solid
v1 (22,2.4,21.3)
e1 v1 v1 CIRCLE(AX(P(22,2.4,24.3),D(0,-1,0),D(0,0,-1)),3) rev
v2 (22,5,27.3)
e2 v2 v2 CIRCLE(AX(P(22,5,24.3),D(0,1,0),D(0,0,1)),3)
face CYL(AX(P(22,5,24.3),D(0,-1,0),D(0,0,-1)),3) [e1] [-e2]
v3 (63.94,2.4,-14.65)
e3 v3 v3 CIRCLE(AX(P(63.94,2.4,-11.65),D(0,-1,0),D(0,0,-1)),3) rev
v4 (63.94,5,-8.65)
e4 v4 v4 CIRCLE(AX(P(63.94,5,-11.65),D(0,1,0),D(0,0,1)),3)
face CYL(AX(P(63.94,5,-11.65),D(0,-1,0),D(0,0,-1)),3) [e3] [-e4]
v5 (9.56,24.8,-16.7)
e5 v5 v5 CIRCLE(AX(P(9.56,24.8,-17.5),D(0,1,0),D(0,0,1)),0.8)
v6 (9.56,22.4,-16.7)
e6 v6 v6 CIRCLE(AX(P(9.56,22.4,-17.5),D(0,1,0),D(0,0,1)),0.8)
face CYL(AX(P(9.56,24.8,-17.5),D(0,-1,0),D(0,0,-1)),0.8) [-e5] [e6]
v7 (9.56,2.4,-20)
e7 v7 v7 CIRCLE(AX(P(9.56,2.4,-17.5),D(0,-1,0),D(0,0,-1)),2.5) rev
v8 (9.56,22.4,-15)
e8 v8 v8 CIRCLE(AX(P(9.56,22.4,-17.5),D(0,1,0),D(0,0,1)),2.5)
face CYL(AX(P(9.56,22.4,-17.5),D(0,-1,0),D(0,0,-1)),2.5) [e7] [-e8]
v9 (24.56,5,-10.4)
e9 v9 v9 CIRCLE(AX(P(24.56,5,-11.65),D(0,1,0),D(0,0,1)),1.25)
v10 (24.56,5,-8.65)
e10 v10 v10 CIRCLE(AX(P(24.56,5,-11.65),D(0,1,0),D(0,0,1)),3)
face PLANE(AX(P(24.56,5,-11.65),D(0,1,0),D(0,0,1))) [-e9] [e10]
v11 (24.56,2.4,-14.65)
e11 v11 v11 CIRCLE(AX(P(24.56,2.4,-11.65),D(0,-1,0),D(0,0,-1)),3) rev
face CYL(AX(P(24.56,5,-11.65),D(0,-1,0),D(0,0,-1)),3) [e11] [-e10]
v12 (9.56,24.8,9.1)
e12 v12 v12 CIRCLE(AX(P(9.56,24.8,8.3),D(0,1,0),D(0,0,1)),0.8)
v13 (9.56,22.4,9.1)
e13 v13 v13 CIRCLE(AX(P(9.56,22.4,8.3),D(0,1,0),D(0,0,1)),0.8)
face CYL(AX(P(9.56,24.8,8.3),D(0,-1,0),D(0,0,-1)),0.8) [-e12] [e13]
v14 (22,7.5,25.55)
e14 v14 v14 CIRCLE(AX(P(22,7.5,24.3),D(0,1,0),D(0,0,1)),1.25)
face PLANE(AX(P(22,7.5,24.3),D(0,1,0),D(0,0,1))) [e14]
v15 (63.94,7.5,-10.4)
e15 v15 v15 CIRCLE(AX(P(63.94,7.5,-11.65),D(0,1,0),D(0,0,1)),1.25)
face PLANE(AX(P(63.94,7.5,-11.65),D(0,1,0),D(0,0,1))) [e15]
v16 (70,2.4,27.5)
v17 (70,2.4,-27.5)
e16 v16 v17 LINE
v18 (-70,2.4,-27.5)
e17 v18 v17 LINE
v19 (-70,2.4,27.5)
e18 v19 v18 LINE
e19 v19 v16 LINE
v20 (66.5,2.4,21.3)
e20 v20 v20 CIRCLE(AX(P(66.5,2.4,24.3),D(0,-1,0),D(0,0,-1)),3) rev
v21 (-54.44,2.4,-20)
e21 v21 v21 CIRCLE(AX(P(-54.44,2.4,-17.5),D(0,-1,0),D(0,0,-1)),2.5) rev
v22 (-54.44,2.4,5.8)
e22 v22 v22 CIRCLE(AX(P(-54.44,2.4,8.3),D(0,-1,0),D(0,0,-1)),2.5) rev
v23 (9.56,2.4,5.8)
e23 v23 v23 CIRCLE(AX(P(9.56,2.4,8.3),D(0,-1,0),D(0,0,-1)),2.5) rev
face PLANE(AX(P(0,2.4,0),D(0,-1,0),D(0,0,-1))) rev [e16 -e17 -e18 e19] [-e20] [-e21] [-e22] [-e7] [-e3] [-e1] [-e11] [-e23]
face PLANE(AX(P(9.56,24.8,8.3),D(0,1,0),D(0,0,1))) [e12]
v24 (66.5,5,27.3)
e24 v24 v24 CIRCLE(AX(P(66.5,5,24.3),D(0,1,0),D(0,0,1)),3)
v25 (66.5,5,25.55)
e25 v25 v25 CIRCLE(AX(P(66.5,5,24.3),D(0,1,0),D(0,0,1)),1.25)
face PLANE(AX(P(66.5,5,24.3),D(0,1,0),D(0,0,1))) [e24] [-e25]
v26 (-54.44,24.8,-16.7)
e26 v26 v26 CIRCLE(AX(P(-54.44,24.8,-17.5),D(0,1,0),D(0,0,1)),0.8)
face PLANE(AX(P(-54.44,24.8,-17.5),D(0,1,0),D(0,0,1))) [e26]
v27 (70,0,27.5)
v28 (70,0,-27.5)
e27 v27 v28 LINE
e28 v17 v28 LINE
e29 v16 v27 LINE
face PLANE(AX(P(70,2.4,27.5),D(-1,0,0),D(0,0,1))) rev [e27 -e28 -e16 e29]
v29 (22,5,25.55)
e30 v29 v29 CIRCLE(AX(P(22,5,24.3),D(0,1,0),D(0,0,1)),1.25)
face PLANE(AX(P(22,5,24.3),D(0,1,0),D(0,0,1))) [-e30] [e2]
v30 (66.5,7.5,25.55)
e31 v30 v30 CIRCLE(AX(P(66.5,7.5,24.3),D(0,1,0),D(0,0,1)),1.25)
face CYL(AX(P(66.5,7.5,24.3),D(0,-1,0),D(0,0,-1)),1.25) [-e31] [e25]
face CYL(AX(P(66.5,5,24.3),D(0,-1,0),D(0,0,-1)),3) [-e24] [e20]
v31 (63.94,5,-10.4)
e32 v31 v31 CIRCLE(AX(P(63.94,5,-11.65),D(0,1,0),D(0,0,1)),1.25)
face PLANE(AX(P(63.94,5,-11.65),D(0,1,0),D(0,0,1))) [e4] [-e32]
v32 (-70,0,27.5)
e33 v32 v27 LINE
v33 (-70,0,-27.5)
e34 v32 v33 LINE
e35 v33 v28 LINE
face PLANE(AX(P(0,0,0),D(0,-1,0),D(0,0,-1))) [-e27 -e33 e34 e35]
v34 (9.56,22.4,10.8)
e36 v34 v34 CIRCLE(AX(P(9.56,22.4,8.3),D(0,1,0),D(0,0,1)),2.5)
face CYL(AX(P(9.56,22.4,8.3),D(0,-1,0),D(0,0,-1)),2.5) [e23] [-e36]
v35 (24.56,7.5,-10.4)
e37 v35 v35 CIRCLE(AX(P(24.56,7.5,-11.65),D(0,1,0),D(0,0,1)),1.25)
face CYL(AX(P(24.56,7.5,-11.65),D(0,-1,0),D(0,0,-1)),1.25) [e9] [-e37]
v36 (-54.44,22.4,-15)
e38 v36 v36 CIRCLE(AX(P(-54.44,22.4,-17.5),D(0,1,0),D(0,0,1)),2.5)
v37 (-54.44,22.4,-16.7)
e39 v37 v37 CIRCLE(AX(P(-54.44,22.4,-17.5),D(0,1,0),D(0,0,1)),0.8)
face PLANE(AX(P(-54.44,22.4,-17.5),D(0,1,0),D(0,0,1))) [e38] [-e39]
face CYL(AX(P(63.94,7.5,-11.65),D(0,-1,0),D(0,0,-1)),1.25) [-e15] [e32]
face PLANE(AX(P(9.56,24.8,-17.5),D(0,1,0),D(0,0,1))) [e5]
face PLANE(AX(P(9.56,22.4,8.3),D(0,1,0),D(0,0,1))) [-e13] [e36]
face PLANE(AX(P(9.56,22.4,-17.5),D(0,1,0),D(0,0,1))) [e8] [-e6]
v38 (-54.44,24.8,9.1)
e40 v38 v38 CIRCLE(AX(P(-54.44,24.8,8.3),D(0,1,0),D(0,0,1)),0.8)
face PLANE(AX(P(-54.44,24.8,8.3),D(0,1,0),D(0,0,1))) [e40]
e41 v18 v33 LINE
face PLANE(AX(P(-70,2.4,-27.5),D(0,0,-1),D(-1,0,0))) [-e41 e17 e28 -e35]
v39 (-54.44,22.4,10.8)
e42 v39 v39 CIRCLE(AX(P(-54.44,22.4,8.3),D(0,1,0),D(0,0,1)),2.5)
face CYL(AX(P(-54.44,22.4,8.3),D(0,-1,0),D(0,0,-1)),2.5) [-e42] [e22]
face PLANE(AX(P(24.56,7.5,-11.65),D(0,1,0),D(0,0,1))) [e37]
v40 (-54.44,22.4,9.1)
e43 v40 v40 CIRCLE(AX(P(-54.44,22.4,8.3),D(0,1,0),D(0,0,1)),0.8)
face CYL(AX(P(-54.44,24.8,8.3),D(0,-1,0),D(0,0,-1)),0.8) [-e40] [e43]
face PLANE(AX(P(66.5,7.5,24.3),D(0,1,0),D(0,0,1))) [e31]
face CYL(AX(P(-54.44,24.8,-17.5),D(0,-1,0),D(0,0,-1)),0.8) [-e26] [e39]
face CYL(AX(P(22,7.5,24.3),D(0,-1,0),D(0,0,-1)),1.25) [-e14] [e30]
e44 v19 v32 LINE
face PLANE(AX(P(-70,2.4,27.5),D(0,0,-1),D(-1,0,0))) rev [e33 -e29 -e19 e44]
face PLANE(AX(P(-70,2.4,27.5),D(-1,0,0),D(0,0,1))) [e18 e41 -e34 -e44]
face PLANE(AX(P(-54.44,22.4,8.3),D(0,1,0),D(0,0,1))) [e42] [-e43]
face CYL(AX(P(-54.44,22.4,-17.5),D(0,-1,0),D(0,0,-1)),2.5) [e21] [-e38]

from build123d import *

# Parameters (mm, degrees)
SKETCH1_W           = 140
SKETCH1_H           = 55
BOSS_EXTRUDE1_DEPTH = 2.4
SKETCH2_R           = 3
BOSS_EXTRUDE2_DEPTH = 2.6
SKETCH3_R           = 1.25
BOSS_EXTRUDE3_DEPTH = 2.5
SKETCH4_R           = 2.5
BOSS_EXTRUDE4_DEPTH = 20
SKETCH5_R           = 0.8
BOSS_EXTRUDE5_DEPTH = 2.4


with BuildPart() as part:
    # Sketch1 → Boss-Extrude1 (new body)
    with BuildSketch(Plane(origin=(0, 0, 0), x_dir=(1, 0, 0), z_dir=(0, 1, 0))):
        Rectangle(SKETCH1_W, SKETCH1_H)
    extrude(amount=BOSS_EXTRUDE1_DEPTH)

    # Sketch2 → Boss-Extrude2 (add)
    with BuildSketch(Plane(origin=(0, 2.4, 0), x_dir=(1, 0, 0), z_dir=(0, 1, 0))):
        with Locations(Location((66.5, -24.3, 0), (0, 0, 90))):
            Circle(SKETCH2_R)
        with Locations(Location((63.94, 11.65, 0), (0, 0, 90))):
            Circle(SKETCH2_R)
        with Locations(Location((22, -24.3, 0), (0, 0, 90))):
            Circle(SKETCH2_R)
        with Locations(Location((24.56, 11.65, 0), (0, 0, 90))):
            Circle(SKETCH2_R)
    extrude(amount=BOSS_EXTRUDE2_DEPTH)

    # Sketch3 → Boss-Extrude3 (add)
    with BuildSketch(Plane(origin=(0, 5, 0), x_dir=(1, 0, 0), z_dir=(0, 1, 0))):
        with Locations(Location((22, -24.3, 0), (0, 0, 270))):
            Circle(SKETCH3_R)
        with Locations(Location((24.56, 11.65, 0), (0, 0, 270))):
            Circle(SKETCH3_R)
        with Locations(Location((66.5, -24.3, 0), (0, 0, 270))):
            Circle(SKETCH3_R)
        with Locations(Location((63.94, 11.65, 0), (0, 0, 270))):
            Circle(SKETCH3_R)
    extrude(amount=BOSS_EXTRUDE3_DEPTH)

    # Sketch4 → Boss-Extrude4 (add)
    with BuildSketch(Plane(origin=(0, 2.4, 0), x_dir=(1, 0, 0), z_dir=(0, 1, 0))):
        with Locations(Location((9.56, 17.5, 0), (0, 0, 90))):
            Circle(SKETCH4_R)
        with Locations(Location((-54.44, 17.5, 0), (0, 0, 90))):
            Circle(SKETCH4_R)
        with Locations(Location((-54.44, -8.3, 0), (0, 0, 90))):
            Circle(SKETCH4_R)
        with Locations(Location((9.56, -8.3, 0), (0, 0, 90))):
            Circle(SKETCH4_R)
    extrude(amount=BOSS_EXTRUDE4_DEPTH)

    # Sketch5 → Boss-Extrude5 (add)
    with BuildSketch(Plane(origin=(0, 22.4, 0), x_dir=(1, 0, 0), z_dir=(0, 1, 0))):
        with Locations(Location((9.56, -8.3, 0), (0, 0, 270))):
            Circle(SKETCH5_R)
        with Locations(Location((9.56, 17.5, 0), (0, 0, 270))):
            Circle(SKETCH5_R)
        with Locations(Location((-54.44, 17.5, 0), (0, 0, 270))):
            Circle(SKETCH5_R)
        with Locations(Location((-54.44, -8.3, 0), (0, 0, 270))):
            Circle(SKETCH5_R)
    extrude(amount=BOSS_EXTRUDE5_DEPTH)


solid = part.part
